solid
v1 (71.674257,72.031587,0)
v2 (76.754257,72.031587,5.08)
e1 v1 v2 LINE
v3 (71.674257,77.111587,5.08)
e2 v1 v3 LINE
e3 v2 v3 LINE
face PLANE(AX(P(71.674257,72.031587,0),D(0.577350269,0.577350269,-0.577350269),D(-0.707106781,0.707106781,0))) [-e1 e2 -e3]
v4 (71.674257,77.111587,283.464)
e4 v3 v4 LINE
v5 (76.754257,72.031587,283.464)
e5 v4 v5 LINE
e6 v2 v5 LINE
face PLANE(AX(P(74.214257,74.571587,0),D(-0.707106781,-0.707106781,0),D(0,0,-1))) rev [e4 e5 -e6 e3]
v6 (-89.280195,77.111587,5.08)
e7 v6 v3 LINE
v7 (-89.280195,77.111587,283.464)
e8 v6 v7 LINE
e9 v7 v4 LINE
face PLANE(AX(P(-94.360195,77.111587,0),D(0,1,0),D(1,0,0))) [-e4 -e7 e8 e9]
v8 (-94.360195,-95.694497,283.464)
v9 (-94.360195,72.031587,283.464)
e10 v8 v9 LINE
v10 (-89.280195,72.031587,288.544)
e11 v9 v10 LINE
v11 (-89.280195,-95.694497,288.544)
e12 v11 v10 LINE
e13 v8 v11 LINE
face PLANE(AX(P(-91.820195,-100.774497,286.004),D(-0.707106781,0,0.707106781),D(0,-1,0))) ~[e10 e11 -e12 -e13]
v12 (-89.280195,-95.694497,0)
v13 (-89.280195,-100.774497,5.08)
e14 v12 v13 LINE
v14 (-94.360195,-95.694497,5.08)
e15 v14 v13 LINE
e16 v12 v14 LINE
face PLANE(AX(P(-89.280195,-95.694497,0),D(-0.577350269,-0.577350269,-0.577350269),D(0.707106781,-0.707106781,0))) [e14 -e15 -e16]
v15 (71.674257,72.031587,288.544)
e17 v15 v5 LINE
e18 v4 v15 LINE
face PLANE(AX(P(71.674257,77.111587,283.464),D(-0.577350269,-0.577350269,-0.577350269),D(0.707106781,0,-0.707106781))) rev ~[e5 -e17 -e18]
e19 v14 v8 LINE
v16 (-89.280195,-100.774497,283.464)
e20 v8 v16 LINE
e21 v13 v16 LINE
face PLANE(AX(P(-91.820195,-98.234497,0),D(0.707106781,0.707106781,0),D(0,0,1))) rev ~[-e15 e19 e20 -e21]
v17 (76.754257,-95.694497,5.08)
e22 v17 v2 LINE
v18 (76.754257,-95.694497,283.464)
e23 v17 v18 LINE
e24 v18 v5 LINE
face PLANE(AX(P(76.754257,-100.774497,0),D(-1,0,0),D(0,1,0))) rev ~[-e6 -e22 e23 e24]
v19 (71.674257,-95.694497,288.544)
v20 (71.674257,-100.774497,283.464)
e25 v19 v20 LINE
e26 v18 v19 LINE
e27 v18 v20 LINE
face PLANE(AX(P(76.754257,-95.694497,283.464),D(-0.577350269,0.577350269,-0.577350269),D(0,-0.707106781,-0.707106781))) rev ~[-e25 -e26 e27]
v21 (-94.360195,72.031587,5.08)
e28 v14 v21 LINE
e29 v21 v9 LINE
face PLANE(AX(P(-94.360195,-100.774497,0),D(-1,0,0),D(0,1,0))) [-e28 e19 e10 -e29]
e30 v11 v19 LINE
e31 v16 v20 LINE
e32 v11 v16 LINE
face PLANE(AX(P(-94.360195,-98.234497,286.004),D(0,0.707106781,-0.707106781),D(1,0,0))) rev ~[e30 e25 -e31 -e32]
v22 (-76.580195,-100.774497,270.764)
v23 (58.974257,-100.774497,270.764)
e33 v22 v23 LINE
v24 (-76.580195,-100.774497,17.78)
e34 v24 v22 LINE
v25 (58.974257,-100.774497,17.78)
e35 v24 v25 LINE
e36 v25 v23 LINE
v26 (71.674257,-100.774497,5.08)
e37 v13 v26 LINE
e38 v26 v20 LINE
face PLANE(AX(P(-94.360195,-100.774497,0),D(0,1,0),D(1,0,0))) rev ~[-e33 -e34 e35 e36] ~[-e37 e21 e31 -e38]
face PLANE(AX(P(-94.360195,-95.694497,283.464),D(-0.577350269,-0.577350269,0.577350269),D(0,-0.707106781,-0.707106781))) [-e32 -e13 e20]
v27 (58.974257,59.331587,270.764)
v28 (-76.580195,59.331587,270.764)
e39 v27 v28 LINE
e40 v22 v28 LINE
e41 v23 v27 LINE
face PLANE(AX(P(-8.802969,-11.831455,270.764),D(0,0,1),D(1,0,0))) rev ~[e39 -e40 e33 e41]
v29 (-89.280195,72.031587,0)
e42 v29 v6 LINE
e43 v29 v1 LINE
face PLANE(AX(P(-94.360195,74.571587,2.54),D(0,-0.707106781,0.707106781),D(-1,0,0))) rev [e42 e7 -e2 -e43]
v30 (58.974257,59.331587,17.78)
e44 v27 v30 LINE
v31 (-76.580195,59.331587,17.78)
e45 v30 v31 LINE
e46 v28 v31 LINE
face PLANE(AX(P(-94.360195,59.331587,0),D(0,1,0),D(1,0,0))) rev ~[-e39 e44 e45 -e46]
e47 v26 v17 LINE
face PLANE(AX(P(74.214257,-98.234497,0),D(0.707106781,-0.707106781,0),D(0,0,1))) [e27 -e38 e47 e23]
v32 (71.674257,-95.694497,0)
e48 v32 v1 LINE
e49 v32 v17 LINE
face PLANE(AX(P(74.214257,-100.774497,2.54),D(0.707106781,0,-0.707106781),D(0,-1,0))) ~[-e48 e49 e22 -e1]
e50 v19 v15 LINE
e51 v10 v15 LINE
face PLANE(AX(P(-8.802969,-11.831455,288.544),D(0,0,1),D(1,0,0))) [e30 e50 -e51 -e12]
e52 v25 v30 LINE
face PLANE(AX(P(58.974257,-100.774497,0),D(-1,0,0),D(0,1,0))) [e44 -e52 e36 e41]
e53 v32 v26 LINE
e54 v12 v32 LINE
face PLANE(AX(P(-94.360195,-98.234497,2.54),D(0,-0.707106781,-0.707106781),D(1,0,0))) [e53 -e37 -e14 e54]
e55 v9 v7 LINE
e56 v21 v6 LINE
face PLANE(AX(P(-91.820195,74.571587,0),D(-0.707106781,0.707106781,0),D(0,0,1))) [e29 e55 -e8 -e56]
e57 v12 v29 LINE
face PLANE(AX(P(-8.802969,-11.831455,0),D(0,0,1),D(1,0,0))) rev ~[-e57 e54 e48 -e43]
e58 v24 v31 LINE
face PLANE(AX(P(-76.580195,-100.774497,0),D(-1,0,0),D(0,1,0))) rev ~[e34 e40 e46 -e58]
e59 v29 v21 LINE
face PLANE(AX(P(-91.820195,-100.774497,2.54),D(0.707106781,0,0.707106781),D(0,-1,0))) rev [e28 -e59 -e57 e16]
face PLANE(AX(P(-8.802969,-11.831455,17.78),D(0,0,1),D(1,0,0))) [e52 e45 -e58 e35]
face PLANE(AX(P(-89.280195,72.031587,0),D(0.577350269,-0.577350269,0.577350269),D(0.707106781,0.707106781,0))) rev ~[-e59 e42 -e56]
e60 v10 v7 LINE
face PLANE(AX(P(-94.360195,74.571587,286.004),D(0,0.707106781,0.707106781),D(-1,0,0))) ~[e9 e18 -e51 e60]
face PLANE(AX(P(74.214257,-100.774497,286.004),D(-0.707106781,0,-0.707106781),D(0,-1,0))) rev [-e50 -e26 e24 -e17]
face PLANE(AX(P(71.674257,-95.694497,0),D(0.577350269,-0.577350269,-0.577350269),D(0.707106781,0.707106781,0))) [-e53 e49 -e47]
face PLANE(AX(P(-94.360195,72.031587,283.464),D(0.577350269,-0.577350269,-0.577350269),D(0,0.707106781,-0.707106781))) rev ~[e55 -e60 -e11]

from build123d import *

# Parameters (mm, degrees)
F0_W     = 171.114452
F0_H     = 177.886084
F1_DEPTH = 288.544
F2_T     = -17.78
F3_SIZE  = 5.08


with BuildPart() as f1:
    # F0 (on Top) → F1 (new body)
    with BuildSketch(Plane.XY):
        with Locations((-8.802969, -11.831455)):
            Rectangle(F0_W, F0_H)
    extrude(amount=F1_DEPTH)

    # F2
    f2_openings = [f1.faces().sort_by_distance(p)[0] for p in [
        (-8.802969, -100.774497, 144.272),
    ]]
    offset(amount=F2_T, openings=f2_openings)

    # F3
    f3_edges = [f1.edges().sort_by_distance(p)[0] for p in [
        (-8.802969, -100.774497, 288.544),
        (76.754257, -11.831455, 288.544),
        (-8.802969, 77.111587, 288.544),
        (-94.360195, -11.831455, 288.544),
        (-94.360195, 77.111587, 144.272),
        (76.754257, 77.111587, 144.272),
        (76.754257, -100.774497, 144.272),
        (-94.360195, -100.774497, 144.272),
        (-94.360195, -11.831455, 0),
        (-8.802969, -100.774497, 0),
        (76.754257, -11.831455, 0),
        (-8.802969, 77.111587, 0),
    ]]
    chamfer(f3_edges, length=F3_SIZE)


solid = f1.part
